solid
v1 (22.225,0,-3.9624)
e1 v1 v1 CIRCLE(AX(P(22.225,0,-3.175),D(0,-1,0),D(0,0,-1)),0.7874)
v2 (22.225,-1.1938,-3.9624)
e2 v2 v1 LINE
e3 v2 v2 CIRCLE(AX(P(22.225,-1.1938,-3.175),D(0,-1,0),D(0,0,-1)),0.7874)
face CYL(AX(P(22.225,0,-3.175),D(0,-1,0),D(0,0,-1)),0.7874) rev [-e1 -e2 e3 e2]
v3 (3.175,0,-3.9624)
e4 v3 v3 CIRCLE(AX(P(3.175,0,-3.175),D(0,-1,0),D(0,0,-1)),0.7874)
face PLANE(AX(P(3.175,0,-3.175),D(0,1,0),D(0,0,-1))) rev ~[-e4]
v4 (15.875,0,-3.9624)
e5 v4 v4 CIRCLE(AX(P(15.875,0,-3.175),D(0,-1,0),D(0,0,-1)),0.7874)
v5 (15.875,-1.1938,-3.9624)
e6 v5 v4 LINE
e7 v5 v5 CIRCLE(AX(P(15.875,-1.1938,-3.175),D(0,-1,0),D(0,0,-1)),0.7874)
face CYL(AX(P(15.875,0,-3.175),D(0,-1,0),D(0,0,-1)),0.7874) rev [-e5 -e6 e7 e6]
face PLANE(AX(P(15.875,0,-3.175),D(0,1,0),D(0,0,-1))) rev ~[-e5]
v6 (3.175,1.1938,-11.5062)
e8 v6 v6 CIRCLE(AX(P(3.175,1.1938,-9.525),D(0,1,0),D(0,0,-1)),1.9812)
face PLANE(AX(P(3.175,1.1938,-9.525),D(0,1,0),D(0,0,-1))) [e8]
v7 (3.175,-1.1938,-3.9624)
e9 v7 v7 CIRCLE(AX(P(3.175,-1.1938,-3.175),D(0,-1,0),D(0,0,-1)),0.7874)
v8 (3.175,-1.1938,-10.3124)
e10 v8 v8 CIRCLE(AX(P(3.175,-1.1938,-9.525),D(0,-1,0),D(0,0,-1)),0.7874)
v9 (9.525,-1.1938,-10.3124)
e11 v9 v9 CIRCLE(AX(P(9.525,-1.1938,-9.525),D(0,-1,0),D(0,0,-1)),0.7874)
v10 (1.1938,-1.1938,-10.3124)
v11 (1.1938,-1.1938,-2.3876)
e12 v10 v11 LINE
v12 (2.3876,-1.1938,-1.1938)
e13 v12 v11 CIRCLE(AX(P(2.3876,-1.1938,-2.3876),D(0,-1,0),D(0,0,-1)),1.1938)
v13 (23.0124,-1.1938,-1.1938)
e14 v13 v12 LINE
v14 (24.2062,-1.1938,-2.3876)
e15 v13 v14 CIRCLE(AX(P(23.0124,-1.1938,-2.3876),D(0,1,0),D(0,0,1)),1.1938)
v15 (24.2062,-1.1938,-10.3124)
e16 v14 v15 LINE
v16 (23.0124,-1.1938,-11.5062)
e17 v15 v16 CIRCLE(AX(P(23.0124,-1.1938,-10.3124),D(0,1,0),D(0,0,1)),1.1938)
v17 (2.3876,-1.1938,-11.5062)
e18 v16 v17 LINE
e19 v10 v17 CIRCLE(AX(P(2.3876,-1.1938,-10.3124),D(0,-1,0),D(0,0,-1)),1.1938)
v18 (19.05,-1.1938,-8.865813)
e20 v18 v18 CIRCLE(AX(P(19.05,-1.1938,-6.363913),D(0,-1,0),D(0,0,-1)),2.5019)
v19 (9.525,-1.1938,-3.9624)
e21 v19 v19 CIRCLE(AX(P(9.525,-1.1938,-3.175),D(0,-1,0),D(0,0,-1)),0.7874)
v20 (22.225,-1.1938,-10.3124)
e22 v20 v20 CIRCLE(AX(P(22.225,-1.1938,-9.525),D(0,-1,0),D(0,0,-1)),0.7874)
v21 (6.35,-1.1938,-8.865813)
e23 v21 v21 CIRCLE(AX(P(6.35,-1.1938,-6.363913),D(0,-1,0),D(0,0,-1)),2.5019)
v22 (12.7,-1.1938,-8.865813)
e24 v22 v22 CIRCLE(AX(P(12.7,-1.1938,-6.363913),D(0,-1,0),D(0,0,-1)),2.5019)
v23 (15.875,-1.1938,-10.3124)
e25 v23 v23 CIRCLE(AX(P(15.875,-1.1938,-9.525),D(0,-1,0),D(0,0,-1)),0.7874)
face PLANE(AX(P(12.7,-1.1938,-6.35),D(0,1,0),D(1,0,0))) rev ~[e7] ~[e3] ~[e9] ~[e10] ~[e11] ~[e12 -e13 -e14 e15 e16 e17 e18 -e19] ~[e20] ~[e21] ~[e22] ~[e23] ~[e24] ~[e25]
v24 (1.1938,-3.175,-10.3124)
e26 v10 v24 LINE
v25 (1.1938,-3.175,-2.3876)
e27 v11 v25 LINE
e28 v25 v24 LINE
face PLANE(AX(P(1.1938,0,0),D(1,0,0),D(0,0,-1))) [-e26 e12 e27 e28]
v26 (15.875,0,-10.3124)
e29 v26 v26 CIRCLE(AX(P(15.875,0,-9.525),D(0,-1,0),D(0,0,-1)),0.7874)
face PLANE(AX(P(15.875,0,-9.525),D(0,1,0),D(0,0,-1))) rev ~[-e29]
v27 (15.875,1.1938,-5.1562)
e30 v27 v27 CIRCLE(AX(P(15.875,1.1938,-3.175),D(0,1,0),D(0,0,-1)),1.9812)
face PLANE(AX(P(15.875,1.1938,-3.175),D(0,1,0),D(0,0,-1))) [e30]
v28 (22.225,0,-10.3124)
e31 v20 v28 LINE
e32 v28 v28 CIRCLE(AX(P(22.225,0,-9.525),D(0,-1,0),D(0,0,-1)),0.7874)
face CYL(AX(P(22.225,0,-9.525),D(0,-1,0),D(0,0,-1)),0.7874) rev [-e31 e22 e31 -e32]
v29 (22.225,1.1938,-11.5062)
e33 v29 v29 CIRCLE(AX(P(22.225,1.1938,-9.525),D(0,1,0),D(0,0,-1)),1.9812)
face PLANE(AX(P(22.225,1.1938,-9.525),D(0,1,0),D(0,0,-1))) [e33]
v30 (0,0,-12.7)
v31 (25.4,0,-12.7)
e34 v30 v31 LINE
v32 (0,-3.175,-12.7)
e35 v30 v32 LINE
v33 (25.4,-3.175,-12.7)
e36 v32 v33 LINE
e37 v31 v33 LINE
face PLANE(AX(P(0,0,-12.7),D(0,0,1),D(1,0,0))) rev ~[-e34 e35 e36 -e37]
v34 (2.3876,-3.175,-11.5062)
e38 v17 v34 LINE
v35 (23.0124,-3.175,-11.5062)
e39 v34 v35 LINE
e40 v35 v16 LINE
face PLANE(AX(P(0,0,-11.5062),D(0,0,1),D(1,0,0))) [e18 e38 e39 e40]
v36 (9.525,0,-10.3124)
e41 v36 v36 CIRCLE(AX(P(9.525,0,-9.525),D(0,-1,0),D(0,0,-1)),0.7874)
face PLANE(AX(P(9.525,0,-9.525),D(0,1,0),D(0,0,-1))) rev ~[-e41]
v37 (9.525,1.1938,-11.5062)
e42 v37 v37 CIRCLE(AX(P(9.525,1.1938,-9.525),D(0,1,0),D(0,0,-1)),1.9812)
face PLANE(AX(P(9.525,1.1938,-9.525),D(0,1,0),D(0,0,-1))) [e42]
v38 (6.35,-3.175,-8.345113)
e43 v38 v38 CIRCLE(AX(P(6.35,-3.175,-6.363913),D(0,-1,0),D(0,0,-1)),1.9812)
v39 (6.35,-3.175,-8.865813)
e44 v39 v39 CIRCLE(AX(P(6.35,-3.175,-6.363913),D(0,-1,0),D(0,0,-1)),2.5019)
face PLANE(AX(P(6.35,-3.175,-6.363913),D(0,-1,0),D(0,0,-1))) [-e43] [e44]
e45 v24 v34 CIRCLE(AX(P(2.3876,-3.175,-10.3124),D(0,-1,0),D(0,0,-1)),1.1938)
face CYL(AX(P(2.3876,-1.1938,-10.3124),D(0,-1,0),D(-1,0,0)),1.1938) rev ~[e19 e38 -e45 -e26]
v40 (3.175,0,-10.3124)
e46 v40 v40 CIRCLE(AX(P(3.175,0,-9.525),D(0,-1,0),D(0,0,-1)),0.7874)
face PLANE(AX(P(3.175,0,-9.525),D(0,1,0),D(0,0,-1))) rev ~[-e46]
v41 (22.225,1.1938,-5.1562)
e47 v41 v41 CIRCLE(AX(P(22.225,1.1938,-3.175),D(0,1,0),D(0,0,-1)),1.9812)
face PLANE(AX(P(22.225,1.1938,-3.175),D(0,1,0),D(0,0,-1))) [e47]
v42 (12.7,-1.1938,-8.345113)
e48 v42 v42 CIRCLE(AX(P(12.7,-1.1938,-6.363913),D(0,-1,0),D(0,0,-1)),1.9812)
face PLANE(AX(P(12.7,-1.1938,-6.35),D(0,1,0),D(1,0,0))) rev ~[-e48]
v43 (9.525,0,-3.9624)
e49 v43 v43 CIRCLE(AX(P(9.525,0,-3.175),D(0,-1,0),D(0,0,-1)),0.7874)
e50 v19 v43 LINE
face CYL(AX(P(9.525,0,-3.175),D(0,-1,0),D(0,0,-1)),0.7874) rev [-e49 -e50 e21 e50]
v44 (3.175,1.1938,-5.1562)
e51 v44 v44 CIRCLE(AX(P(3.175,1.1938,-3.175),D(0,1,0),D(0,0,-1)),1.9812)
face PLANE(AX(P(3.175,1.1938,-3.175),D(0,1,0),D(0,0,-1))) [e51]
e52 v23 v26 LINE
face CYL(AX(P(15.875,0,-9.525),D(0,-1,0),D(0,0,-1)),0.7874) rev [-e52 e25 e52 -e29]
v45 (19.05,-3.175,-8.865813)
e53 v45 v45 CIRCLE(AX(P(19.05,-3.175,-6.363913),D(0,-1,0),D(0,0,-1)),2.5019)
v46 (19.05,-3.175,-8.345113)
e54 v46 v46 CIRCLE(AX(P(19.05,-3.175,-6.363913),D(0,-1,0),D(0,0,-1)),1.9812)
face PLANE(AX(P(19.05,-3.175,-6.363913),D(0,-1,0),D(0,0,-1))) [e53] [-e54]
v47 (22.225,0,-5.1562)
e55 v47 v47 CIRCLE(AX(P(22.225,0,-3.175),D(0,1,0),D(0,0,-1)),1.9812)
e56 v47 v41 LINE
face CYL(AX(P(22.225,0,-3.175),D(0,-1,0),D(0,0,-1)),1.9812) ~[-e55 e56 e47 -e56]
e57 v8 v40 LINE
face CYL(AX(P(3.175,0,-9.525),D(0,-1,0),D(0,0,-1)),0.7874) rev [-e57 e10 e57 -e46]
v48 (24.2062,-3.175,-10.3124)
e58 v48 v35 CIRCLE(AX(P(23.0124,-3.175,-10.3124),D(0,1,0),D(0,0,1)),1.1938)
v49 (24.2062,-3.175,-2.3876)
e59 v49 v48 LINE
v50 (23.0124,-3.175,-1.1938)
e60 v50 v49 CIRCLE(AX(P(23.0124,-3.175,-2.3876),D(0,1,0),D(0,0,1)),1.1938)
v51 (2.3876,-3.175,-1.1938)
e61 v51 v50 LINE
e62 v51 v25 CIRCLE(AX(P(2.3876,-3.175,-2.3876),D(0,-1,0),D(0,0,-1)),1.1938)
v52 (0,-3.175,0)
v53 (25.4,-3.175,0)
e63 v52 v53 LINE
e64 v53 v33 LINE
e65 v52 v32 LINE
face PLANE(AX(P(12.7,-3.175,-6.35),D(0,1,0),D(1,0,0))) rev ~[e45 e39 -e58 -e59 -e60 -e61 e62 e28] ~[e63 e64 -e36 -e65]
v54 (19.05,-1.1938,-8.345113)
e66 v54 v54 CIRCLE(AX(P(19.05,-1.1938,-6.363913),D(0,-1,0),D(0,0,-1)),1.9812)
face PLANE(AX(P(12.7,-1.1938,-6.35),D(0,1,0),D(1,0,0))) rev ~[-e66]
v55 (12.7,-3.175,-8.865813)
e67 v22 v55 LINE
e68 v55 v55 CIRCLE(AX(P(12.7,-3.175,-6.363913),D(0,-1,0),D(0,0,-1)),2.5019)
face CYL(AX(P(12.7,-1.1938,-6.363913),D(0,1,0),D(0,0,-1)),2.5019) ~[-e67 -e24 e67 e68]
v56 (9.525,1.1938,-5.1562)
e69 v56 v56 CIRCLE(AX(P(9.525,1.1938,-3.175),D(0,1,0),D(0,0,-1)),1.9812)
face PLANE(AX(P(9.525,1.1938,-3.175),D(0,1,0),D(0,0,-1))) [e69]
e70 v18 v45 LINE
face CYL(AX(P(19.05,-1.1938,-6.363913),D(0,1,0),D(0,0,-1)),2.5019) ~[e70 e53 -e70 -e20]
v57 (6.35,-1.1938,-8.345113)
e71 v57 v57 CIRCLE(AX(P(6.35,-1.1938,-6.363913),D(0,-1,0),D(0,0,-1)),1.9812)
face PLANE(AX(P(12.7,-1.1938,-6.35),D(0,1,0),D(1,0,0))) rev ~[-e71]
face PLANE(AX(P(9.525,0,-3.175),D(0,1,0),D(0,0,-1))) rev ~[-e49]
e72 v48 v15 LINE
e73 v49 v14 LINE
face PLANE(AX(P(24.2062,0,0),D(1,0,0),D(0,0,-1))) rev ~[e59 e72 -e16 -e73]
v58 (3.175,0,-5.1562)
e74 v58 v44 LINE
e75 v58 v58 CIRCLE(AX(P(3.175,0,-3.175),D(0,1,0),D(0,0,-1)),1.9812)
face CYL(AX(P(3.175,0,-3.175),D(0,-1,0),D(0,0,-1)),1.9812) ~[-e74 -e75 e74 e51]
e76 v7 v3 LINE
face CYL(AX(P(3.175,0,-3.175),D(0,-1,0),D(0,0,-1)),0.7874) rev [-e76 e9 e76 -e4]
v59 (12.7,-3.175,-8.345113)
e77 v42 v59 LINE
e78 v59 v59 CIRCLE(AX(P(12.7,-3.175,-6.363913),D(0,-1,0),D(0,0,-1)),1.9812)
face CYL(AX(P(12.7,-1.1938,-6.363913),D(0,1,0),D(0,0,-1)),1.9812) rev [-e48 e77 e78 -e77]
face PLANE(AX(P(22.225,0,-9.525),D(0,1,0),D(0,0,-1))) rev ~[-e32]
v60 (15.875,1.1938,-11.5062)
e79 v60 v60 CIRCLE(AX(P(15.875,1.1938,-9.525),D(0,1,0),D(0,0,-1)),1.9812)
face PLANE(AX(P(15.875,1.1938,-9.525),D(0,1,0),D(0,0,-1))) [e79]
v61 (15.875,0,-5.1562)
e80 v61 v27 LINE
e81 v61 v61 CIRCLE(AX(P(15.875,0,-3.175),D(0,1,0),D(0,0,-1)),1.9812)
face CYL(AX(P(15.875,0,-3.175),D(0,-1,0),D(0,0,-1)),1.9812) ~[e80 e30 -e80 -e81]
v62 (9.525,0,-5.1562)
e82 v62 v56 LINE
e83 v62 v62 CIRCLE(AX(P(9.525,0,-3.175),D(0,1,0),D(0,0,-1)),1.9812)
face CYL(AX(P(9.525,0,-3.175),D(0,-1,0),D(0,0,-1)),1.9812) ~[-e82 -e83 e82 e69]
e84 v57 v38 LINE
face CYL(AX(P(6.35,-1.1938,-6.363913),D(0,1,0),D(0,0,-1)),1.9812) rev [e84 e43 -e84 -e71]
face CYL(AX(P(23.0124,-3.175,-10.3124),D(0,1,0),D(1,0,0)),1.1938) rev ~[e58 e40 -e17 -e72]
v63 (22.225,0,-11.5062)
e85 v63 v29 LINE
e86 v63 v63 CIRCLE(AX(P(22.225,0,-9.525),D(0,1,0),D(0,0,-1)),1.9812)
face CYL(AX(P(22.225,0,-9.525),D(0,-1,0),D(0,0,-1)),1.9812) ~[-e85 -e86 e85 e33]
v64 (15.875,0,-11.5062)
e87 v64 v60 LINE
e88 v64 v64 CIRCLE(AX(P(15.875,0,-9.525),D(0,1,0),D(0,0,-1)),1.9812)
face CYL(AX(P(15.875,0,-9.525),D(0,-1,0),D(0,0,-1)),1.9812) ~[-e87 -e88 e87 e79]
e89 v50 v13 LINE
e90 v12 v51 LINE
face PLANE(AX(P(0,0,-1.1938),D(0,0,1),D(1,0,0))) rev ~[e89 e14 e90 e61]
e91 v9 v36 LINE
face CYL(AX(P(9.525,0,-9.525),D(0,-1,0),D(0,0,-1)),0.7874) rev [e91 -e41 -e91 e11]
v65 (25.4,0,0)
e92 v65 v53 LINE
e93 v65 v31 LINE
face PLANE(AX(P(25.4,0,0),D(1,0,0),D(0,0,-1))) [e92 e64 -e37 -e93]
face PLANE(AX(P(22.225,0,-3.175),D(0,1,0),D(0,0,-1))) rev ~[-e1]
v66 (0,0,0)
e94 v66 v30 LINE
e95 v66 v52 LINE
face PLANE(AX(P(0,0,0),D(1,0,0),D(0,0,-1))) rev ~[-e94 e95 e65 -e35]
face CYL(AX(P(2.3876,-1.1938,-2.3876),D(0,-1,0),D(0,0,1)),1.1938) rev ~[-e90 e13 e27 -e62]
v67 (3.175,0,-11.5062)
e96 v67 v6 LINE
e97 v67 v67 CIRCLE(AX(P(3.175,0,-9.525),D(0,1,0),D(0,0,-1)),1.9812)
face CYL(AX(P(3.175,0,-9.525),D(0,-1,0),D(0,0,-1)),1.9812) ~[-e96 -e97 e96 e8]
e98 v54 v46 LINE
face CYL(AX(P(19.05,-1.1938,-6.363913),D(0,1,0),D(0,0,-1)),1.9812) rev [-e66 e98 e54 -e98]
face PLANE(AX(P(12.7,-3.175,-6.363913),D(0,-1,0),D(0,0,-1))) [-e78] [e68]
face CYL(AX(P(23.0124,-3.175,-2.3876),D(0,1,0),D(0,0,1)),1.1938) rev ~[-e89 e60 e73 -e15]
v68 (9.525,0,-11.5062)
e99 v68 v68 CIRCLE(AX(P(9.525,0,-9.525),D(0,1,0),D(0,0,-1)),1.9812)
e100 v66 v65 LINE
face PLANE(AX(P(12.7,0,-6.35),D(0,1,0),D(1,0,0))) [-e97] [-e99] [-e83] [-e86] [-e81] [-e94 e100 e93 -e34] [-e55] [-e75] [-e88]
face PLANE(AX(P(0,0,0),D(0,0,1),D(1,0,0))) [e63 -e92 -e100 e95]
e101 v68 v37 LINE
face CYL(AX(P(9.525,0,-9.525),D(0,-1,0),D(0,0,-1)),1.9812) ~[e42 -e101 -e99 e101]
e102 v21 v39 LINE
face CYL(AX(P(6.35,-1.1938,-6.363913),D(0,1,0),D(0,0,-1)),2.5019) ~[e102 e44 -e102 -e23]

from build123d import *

# Parameters (mm, degrees)
SKETCH2_W            = 25.4
SKETCH2_H            = 12.7
BOSS_EXTRUDE1_DEPTH  = 3.175
SKETCH2_3_R          = 1.9812
BOSS_EXTRUDE2_DEPTH  = 1.1938
LPATTERN1_COUNT      = 4
LPATTERN1_PITCH      = 6.35
LPATTERN1_COUNT_DIR2 = 2
LPATTERN1_PITCH_DIR2 = 6.35
SHELL1_T             = -1.1938
SKETCH4_R            = 2.5019
SKETCH4_R_2          = 1.9812
BOSS_EXTRUDE3_DEPTH  = 1.9812
FILLET1_R            = 1.1938
FILLET2_R            = 1.1938
LPATTERN2_COUNT      = 3
LPATTERN2_PITCH      = 6.35


with BuildPart() as part:
    # Sketch2 → Boss-Extrude1 (new body)
    with BuildSketch(Plane(origin=(0, 0, 0), x_dir=(1, 0, 0), z_dir=(0, 1, 0))):
        with Locations((12.7, 6.35)):
            Rectangle(SKETCH2_W, SKETCH2_H)
    extrude(amount=-BOSS_EXTRUDE1_DEPTH)

    # Sketch2<3> → Boss-Extrude2 (add)
    with BuildSketch(Plane(origin=(0, 0, 0), x_dir=(1, 0, 0), z_dir=(0, 1, 0))):
        with Locations(Location((3.175, 9.525, 0), (0, 0, 90))):
            Circle(SKETCH2_3_R)
    boss_extrude2 = extrude(amount=BOSS_EXTRUDE2_DEPTH)

    # LPattern1: Boss-Extrude2 4 × 2
    with Locations(*[(i * LPATTERN1_PITCH, 0, j * LPATTERN1_PITCH_DIR2) for i in range(LPATTERN1_COUNT) for j in range(LPATTERN1_COUNT_DIR2) if (i, j) != (0, 0)]):
        add(boss_extrude2)

    # Shell1
    shell1_openings = [part.faces().sort_by_distance(p)[0] for p in [
        (12.7, -3.175, -6.35),
    ]]
    offset(amount=SHELL1_T, openings=shell1_openings, kind=Kind.INTERSECTION)

    # Sketch4 → Boss-Extrude3 (add)
    with BuildSketch(Plane.XZ.offset(1.1938)):
        with Locations(Location((6.35, -6.363913067, 0), (0, 0, 270))):
            Circle(SKETCH4_R)
        with Locations(Location((6.35, -6.363913067, 0), (0, 0, 270))):
            Circle(SKETCH4_R_2, mode=Mode.SUBTRACT)
    boss_extrude3 = extrude(amount=BOSS_EXTRUDE3_DEPTH)

    # Fillet1
    fillet1_edges = [part.edges().sort_by_distance(p)[0] for p in [
        (1.1938, -2.1844, -1.1938),
    ]]
    fillet(fillet1_edges, radius=FILLET1_R)

    # Fillet2
    fillet2_edges = [part.edges().sort_by_distance(p)[0] for p in [
        (1.1938, -2.1844, -11.5062),
        (24.2062, -2.1844, -11.5062),
        (24.2062, -2.1844, -1.1938),
    ]]
    fillet(fillet2_edges, radius=FILLET2_R)

    # LPattern2: Boss-Extrude3 ×3
    with Locations(*[(i * LPATTERN2_PITCH, 0, 0) for i in range(1, LPATTERN2_COUNT)]):
        add(boss_extrude3)


solid = part.part
